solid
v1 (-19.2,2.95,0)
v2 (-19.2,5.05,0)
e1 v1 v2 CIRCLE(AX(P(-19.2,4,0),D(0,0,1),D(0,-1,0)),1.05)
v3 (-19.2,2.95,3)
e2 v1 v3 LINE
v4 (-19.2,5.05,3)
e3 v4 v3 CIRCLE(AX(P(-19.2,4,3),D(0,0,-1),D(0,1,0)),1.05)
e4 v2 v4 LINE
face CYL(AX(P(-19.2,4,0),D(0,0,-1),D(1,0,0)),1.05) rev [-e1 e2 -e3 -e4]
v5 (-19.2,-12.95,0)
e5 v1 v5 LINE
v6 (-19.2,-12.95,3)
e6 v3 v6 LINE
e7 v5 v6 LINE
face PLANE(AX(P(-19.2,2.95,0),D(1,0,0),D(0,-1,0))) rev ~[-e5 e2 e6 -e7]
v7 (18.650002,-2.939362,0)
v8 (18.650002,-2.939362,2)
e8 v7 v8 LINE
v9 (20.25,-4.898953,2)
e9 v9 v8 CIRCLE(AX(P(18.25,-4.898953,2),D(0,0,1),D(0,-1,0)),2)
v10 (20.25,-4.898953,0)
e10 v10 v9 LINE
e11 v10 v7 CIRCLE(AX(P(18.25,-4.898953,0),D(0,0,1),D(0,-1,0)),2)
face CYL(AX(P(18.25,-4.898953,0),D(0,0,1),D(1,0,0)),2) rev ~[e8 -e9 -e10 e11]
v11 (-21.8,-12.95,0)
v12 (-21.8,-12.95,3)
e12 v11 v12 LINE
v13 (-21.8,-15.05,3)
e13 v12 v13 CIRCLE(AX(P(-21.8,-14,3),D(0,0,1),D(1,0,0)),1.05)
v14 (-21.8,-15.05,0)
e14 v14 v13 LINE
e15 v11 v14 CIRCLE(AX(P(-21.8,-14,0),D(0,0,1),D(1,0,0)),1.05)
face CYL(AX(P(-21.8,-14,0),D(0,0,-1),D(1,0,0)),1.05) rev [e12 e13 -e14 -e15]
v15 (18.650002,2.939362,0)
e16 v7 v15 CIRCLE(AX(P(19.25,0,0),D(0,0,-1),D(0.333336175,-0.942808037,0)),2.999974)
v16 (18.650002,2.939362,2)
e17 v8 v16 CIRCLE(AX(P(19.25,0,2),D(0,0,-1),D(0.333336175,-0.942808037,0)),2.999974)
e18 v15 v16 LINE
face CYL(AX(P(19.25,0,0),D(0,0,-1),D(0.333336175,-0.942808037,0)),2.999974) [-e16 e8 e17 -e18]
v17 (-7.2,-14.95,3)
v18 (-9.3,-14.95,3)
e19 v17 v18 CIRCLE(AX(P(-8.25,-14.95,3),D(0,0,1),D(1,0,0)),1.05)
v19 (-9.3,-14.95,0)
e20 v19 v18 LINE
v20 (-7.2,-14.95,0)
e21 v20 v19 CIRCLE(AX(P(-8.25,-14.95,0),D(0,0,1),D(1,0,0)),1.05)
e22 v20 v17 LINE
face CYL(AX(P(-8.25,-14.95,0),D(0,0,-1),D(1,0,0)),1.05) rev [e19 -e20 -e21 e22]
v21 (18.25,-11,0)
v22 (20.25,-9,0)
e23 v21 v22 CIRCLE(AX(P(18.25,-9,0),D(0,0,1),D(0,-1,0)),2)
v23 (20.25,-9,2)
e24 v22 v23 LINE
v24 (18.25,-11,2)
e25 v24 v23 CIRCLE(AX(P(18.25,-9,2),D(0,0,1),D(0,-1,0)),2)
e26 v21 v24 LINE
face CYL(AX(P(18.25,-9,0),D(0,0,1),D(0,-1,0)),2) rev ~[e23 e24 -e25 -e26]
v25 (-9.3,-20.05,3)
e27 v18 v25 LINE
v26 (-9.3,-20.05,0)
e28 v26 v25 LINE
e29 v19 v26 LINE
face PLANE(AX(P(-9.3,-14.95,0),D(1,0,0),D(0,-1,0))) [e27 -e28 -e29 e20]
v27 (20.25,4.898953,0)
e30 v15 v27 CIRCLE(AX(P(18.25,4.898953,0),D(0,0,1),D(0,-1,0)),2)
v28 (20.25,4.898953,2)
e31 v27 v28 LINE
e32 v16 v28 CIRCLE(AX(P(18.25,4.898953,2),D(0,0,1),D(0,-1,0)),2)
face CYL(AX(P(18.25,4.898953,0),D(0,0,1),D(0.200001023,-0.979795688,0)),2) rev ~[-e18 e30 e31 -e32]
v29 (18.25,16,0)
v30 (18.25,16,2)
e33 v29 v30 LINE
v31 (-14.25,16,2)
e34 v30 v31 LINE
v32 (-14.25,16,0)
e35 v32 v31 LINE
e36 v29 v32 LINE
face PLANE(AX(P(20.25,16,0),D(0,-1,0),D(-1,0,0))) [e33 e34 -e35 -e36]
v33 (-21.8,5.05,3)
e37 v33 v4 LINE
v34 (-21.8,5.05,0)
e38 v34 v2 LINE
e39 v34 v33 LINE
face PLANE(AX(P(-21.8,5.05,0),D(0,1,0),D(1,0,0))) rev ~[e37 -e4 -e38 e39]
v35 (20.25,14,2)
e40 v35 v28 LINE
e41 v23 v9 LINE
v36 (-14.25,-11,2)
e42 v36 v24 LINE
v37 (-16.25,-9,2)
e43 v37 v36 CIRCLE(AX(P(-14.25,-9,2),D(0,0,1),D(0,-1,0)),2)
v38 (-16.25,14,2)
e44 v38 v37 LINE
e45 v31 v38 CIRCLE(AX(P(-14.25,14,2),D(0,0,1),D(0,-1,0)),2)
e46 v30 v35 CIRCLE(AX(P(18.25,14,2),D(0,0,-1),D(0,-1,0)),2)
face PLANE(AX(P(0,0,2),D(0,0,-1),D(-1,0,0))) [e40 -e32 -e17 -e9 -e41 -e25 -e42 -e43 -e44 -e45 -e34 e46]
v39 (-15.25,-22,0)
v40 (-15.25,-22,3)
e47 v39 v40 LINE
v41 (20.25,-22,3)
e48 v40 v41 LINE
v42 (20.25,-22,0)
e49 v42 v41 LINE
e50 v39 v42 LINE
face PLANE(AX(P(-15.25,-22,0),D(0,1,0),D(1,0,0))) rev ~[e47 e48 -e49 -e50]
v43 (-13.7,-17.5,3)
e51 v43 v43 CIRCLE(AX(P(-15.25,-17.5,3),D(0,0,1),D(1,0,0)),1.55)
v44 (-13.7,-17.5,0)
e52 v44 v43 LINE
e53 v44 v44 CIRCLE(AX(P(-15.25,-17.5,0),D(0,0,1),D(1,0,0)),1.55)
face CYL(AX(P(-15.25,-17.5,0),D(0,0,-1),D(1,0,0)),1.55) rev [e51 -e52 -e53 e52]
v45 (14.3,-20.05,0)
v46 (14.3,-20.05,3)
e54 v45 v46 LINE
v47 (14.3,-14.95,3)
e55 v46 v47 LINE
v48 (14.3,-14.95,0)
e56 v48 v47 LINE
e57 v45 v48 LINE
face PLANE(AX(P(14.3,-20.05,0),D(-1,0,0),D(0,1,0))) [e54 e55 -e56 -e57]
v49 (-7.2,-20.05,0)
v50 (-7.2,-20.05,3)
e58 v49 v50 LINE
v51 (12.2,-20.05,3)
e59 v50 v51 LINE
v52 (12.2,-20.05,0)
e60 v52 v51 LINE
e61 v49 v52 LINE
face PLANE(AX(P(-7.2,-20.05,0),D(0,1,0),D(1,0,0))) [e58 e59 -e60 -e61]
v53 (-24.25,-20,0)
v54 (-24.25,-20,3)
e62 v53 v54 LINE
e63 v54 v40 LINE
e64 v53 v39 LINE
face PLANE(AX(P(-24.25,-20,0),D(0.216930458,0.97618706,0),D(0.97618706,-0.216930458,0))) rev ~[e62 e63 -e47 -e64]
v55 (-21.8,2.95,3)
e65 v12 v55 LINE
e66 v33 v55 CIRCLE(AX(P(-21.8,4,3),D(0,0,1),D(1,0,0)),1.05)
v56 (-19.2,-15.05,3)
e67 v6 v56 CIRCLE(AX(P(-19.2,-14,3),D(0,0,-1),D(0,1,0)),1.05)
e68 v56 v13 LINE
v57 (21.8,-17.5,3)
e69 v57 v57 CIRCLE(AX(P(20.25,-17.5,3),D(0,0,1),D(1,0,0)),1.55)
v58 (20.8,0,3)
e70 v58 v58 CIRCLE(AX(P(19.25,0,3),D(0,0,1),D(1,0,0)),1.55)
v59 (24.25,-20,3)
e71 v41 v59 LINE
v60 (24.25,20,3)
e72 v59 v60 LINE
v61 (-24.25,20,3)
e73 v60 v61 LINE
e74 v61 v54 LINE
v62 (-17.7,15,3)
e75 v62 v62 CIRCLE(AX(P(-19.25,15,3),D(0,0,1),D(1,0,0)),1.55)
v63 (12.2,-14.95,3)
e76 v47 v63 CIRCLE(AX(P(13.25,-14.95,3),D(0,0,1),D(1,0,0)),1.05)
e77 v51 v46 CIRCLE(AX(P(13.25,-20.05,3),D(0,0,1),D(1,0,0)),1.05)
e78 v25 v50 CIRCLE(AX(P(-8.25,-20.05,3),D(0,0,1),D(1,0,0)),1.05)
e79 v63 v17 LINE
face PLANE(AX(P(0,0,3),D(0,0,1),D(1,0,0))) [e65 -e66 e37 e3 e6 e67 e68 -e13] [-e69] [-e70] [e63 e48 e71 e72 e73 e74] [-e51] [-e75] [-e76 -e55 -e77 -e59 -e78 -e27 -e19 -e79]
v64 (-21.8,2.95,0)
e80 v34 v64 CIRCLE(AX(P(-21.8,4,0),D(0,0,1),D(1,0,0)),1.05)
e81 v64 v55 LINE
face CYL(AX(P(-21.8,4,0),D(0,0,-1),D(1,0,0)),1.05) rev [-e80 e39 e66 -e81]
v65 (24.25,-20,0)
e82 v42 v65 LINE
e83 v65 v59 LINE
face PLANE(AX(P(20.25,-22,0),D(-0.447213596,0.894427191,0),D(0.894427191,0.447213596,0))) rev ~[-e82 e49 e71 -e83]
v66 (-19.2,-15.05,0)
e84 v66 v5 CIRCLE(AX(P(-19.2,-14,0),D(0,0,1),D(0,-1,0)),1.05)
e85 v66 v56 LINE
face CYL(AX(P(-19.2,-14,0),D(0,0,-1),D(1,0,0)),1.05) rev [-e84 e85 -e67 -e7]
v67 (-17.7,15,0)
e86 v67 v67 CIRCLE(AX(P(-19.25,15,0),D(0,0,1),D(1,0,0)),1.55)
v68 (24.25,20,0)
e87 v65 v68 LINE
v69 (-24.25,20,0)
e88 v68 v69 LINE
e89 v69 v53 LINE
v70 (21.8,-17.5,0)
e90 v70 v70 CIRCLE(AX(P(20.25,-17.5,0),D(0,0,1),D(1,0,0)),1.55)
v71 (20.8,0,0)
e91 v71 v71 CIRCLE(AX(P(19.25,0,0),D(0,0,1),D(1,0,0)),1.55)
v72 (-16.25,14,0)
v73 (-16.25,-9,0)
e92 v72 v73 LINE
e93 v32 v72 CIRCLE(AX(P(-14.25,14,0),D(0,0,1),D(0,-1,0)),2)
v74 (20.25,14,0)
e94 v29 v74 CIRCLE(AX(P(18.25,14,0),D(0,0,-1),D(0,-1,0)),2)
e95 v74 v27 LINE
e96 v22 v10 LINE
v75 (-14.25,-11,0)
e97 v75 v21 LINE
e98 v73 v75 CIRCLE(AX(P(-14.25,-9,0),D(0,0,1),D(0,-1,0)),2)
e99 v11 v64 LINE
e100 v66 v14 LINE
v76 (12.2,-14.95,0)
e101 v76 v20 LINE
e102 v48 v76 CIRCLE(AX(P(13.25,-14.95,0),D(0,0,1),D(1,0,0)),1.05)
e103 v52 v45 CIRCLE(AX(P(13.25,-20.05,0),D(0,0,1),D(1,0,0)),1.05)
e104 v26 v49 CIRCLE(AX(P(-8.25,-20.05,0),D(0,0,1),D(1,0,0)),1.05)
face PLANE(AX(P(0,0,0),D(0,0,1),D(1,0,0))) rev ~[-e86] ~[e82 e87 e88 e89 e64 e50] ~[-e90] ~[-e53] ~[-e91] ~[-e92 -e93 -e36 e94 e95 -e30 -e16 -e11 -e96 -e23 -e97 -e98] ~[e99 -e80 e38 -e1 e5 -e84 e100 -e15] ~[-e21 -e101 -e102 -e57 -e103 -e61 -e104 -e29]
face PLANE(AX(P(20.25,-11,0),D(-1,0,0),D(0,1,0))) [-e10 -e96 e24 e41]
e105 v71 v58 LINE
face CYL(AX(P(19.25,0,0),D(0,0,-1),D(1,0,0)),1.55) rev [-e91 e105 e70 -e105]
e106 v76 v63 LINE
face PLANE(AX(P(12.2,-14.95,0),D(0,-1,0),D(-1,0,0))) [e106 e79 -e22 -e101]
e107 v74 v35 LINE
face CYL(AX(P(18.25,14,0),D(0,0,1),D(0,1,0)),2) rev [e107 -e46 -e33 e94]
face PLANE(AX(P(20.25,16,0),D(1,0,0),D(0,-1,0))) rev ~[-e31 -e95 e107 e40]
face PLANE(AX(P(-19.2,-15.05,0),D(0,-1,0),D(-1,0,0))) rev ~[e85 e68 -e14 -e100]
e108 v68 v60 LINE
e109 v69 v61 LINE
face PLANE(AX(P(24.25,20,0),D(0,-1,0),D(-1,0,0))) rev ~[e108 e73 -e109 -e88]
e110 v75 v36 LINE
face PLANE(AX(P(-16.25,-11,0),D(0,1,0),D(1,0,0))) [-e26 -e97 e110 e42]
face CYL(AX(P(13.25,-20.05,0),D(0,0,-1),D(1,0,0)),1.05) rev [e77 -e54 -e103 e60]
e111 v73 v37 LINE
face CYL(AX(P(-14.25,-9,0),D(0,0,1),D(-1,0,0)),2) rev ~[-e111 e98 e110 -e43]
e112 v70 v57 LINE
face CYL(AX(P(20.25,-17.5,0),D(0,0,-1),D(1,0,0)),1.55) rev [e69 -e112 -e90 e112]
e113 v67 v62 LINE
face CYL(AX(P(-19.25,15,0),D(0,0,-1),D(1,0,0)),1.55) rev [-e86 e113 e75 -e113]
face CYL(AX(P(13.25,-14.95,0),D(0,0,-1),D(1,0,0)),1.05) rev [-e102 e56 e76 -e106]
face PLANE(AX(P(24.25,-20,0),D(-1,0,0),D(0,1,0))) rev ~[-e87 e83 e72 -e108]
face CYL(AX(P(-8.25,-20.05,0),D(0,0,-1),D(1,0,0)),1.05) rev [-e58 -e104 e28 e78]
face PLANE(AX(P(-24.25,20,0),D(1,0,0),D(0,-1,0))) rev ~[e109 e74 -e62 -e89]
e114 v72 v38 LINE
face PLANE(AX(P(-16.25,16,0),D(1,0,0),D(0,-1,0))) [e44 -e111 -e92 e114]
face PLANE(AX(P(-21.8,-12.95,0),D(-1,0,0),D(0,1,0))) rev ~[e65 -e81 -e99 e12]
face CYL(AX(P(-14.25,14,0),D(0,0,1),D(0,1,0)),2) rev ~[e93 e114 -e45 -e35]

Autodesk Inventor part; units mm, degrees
ref_plane "YZ Plane" through (0, 0, 0) normal (1, 0, 0) x (0, 1, 0)
ref_plane "XZ Plane" through (0, 0, 0) normal (0, 1, 0) x (-1, 0, 0)
ref_plane "XY Plane" through (0, 0, 0) normal (0, 0, 1) x (1, 0, 0)
sketch "スケッチ1" plane through (0, 0, 0) normal (0, 0, 1) x (1, 0, 0)
  line L0 (-24.25, -20) -> (24.25, -20) construction
  line L1 (24.25, -20) -> (24.25, 20)
  line L2 (24.25, 20) -> (-24.25, 20)
  line L3 (-24.25, 20) -> (-24.25, -20)
  line L4 (-24.25, -20) -> (24.25, 20) construction
  line L5 (24.25, -20) -> (-24.25, 20) construction
  circle A0 centre (-15.25, -17.5) radius 1.55
  circle A1 centre (20.25, -17.5) radius 1.55
  line L6 (-9.25, -15) -> (14.25, -15) construction
  line L7 (14.25, -15) -> (14.25, -20) construction
  line L8 (14.25, -20) -> (-9.25, -20) construction
  line L9 (-9.25, -20) -> (-9.25, -15) construction
  line L10 (-24.25, -20) -> (-15.25, -22)
  line L11 (-15.25, -22) -> (20.25, -22)
  line L12 (20.25, -22) -> (24.25, -20)
  line L13 (14.3, -14.95) -> (-9.3, -14.95)
  line L14 (-9.3, -14.95) -> (-9.3, -20.05)
  line L15 (-9.3, -20.05) -> (14.3, -20.05)
  line L16 (14.3, -20.05) -> (14.3, -14.95)
  circle A2 centre (-8.25, -14.95) radius 1.05
  circle A3 centre (-8.25, -20.05) radius 1.05
  circle A4 centre (13.25, -14.95) radius 1.05
  circle A5 centre (13.25, -20.05) radius 1.05
  circle A6 centre (-19.25, 15) radius 1.55
  line L17 (-21.8, 5.05) -> (-19.2, 5.05)
  line L18 (-19.2, 5.05) -> (-19.2, -15.05)
  line L19 (-19.2, -15.05) -> (-21.8, -15.05)
  line L20 (-21.8, -15.05) -> (-21.8, 5.05)
  line L21 (-19.25, 5) -> (-21.75, 5) construction
  line L22 (-21.75, 5) -> (-21.75, -15) construction
  line L23 (-21.75, -15) -> (-19.25, -15) construction
  line L24 (-19.25, -15) -> (-19.25, 5) construction
  line L25 (2.5, -14.95) -> (2.5, -20.05) construction
  circle A7 centre (19.25, 0) radius 1.55
  line L26 (-19.25, 15) -> (19.25, 15) construction
  line L27 (19.25, 15) -> (19.25, 0) construction
  circle A8 centre (-21.8, 4) radius 1.05
  circle A9 centre (-19.2, 4) radius 1.05
  circle A10 centre (-21.8, -14) radius 1.05
  circle A11 centre (-19.2, -14) radius 1.05
  point P0 (0, 0)
  point P1 (-9.25, -17.5)
  dimension "d10" = 2.1
  dimension "d26" = 2.1
  dimension "d0" = 5
  dimension "d3" = 3.1
  dimension "d4" = 35.5
  dimension "d5" = 2
  dimension "d7" = 40
  dimension "d8" = 23.5
  dimension "d9" = 0.05
  dimension "d11" = 3.1
  dimension "d12" = 5
  dimension "d13" = 5
  dimension "d14" = 0.05
  dimension "d15" = 17.75
  dimension "d16" = 48.5
  dimension "d17" = 4
  dimension "d18" = 5
  dimension "d19" = 20
  dimension "d20" = 2.5
  dimension "d21" = 2.5
  dimension "d22" = 5
  dimension "d23" = 15
  dimension "d27" = 25
extrude "押し出し1" add sketch "スケッチ1" along normal blind 3
sketch "スケッチ2" plane through (0, 0, 0) normal (0, 0, -1) x (-1, 0, 0)
  line L0 (-14.3, -20.05) -> (-14.3, -14.95) projected
  line L1 (-12.2, -14.95) -> (7.2, -14.95) projected
  line L2 (24.25, 20) -> (-24.25, 20) projected
  line L3 (-24.25, 20) -> (-24.25, -20) projected
  line L4 (21.8, -15.05) -> (19.2, -15.05) projected
  line L5 (19.2, -12.95) -> (19.2, 2.95) projected
  line L6 (19.2, 5.05) -> (21.8, 5.05) projected
  circle A0 centre (-19.25, 0) radius 1.55 projected
  line L7 (-20.25, 16) -> (16.25, 16)
  line L8 (16.25, 16) -> (16.25, -11)
  line L9 (16.25, -11) -> (-20.25, -11)
  line L10 (-20.25, -11) -> (-20.25, -2.8284)
  line L11 (-20.25, 16) -> (-20.25, 2.8284)
  arc A1 (-20.25, -2.8284) -> (-20.25, 2.8284) centre (-19.25, 0) ccw
  line L12 (19.25, 5.05) -> (19.25, -15.05) construction
  line L13 (19.2, -15.05) -> (21.8, -15.05) projected
  line L14 (-14.3, -15) -> (9.3, -15) construction
  line L15 (9.3, -20.05) -> (9.3, -14.95) projected
  point P0 (0, 0)
  dimension "d28" = 3
  dimension "d29" = 4
  dimension "d30" = 4
  dimension "d31" = 0.05
  dimension "d32" = 3
  dimension "d33" = 0.05
  dimension "d34" = 4
extrude "押し出し2" cut sketch "スケッチ2" against normal blind 2 contours L7 L8 L9 L10 A1 L11
fillet "フィレット1" radius 2 6 edges at (20.25, 2.8284, 1) (20.25, -2.8284, 1) (20.25, 16, 1) (-16.25, 16, 1) (-16.25, -11, 1) (20.25, -11, 1)
equation "\"d13\" = d12"
equation "\"d15\" = 0.5 * d4"
equation "\"d18\" = d13"
properties part number "コックピット_サブフレーム_1_5" material "アセタール樹脂、黒"
